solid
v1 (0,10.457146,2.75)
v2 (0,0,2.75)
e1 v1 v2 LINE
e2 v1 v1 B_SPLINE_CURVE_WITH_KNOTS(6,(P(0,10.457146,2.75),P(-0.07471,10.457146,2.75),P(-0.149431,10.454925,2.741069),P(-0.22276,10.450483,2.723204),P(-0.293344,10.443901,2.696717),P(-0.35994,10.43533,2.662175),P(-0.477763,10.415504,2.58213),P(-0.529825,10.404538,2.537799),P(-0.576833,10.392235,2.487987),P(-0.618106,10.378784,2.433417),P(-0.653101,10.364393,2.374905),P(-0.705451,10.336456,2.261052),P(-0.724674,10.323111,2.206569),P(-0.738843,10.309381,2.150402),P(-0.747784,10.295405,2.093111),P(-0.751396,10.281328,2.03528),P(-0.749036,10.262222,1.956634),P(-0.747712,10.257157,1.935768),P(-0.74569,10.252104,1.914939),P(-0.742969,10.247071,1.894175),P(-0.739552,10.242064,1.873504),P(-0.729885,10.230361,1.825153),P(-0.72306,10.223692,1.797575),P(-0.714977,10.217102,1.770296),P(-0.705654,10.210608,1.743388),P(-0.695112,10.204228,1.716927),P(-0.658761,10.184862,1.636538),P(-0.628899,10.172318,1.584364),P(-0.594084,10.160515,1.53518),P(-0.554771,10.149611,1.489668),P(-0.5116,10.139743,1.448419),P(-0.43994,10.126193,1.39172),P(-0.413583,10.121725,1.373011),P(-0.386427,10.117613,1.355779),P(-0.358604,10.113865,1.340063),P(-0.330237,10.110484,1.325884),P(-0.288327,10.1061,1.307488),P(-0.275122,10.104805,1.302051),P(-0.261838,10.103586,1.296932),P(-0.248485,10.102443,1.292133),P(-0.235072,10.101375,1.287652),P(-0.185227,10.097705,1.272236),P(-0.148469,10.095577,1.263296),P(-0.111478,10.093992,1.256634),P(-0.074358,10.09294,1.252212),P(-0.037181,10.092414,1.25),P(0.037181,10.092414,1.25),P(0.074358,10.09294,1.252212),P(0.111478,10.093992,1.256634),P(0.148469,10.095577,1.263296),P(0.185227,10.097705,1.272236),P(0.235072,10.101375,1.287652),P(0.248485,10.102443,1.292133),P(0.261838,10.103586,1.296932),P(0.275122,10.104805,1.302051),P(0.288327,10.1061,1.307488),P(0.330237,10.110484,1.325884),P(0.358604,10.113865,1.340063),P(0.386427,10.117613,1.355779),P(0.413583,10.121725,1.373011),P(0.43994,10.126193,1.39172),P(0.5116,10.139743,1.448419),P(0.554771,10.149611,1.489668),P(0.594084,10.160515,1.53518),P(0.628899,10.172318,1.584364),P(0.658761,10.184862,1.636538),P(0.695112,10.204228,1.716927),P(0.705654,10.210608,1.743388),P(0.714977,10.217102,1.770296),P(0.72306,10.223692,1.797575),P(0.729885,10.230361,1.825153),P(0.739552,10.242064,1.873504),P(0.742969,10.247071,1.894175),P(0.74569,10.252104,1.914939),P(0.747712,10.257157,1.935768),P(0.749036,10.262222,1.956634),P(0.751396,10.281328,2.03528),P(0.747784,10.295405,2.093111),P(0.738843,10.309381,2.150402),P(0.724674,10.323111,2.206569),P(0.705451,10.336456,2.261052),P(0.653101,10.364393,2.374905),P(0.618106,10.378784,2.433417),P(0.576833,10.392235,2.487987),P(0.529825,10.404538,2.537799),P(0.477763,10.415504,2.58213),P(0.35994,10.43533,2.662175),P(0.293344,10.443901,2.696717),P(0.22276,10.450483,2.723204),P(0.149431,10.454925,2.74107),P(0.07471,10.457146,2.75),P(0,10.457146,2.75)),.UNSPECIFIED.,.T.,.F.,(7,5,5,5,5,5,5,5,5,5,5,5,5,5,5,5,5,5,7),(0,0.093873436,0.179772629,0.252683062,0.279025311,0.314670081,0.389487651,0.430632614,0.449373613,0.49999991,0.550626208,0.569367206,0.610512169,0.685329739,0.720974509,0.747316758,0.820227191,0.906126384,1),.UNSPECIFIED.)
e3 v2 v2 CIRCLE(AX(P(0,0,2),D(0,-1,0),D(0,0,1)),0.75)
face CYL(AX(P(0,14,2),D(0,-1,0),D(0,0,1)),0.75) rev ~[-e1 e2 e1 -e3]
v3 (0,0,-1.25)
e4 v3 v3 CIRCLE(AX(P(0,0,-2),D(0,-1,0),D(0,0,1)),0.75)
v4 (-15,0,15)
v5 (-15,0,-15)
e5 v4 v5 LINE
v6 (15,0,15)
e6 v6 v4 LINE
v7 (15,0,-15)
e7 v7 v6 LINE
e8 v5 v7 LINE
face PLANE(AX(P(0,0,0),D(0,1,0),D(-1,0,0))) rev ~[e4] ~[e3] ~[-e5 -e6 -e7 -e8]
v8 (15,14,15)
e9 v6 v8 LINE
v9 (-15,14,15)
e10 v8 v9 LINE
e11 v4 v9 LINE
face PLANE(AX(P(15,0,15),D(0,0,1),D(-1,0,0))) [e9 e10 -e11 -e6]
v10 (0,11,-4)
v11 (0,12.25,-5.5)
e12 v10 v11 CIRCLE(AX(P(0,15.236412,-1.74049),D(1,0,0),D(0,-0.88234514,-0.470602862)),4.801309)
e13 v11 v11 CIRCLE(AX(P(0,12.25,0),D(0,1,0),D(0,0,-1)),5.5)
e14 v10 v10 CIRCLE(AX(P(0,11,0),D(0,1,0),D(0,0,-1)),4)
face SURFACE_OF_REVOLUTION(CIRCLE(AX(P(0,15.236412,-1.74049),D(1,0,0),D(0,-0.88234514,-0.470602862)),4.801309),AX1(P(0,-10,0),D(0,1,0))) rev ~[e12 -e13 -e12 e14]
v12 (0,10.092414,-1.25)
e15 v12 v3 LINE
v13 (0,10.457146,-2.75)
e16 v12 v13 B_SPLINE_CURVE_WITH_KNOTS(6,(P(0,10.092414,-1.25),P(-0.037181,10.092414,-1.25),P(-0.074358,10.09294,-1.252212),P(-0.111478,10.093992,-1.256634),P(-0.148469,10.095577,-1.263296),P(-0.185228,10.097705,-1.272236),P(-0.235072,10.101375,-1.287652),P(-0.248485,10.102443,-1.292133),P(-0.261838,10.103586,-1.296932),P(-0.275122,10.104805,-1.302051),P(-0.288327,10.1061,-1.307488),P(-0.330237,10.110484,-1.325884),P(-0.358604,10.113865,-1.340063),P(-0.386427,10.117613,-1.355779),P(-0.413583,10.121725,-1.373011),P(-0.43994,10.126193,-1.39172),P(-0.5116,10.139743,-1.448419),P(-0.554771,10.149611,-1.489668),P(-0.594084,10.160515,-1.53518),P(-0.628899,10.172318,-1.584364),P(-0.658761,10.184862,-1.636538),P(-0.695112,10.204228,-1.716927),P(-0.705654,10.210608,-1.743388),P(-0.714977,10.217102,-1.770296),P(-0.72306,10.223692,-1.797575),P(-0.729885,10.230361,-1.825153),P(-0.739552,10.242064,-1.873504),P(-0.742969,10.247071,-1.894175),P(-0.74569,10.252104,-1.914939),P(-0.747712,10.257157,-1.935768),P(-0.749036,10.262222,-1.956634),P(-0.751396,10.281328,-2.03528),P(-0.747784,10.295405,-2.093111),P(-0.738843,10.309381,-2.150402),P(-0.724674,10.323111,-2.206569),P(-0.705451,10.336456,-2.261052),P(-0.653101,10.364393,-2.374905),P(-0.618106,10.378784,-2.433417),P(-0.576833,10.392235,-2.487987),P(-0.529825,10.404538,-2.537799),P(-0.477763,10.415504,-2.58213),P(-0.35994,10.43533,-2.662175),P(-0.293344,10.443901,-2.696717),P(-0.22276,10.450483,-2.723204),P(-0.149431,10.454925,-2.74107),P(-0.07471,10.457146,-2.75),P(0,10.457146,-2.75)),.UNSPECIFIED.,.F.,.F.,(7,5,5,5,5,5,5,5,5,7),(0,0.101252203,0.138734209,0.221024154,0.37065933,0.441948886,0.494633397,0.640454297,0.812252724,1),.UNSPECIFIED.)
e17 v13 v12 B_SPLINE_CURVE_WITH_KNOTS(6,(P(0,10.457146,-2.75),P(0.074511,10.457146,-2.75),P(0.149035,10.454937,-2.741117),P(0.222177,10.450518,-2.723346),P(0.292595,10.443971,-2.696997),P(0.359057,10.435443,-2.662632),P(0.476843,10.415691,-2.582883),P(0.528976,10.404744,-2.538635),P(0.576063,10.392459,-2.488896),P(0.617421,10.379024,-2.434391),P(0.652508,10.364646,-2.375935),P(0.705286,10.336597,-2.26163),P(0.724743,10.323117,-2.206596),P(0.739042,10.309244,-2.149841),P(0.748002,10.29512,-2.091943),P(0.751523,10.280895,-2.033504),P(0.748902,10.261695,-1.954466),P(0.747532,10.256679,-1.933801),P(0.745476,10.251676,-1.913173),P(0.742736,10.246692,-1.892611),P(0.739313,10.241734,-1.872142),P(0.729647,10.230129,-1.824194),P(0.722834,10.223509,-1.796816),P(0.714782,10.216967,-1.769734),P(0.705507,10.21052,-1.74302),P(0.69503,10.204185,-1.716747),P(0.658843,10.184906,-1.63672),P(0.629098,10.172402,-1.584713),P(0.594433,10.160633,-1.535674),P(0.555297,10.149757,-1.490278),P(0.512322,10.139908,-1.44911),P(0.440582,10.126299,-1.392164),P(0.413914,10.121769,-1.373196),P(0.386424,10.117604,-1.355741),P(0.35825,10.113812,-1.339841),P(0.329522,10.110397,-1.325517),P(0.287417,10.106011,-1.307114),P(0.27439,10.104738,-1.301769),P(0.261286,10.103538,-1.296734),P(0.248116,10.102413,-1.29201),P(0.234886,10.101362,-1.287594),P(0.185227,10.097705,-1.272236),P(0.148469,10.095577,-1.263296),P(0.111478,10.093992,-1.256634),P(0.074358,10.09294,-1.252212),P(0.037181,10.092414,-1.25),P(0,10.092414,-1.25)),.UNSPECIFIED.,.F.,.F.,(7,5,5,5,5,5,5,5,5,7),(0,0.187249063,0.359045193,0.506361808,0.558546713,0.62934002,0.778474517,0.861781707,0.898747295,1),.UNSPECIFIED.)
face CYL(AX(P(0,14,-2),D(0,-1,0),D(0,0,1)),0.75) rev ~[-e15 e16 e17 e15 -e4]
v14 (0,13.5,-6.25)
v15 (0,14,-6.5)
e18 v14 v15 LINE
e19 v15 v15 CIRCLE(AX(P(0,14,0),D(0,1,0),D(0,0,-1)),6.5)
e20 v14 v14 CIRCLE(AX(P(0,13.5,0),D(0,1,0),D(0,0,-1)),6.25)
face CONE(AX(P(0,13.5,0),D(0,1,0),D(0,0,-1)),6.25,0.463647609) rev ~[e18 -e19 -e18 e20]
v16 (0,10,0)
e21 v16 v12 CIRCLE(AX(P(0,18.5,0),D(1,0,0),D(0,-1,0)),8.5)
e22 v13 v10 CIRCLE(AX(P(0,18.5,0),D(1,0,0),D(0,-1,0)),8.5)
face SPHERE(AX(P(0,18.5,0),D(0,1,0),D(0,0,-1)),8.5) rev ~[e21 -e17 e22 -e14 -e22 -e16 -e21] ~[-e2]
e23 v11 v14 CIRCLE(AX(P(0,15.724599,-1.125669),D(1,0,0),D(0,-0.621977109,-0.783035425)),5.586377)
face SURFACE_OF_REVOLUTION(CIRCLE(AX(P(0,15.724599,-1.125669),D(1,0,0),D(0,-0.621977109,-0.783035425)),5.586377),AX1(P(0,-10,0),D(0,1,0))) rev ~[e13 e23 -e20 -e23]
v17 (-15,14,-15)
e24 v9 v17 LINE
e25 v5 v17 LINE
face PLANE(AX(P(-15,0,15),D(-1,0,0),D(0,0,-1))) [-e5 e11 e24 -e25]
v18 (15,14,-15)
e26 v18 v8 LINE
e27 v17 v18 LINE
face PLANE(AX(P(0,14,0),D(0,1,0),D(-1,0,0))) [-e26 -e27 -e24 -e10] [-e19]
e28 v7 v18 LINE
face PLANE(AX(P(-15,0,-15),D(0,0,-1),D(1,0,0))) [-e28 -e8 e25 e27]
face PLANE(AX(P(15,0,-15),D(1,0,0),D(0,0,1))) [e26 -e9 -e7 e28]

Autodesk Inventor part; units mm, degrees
ref_plane "XZ Plane" through (0, 0, 0) normal (0, 1, 0) x (-1, 0, 0)
ref_plane "XY Plane" through (0, 0, 0) normal (0, 0, 1) x (1, 0, 0)
sketch "Sketch1" plane through (0, 0, 0) normal (0, 1, 0) x (-1, 0, 0)
  line L0 (-15, 15) -> (15, 15)
  line L1 (15, 15) -> (15, -15)
  line L2 (15, -15) -> (-15, -15)
  line L3 (-15, -15) -> (-15, 15)
  line L4 (-15, 15) -> (15, -15) construction
  line L5 (15, 15) -> (-15, -15) construction
  point P0 (0, 0)
  dimension "d0" = 30
  dimension "d1" = 30
extrude "Extrusion1" add sketch "Sketch1" along normal blind 14
sketch "Sketch2" plane through (0, 14, 0) normal (0, 1, 0) x (1, 0, 0)
  point P0 (0, 0)
  point P1 (0, 0)
sketch "Sketch3" plane through (0, 0, 0) normal (1, 0, 0) x (0, 1, 0)
  line L0 (14, -15) -> (14, 15) construction
  line L1 (14, 0) -> (14, -6.5) construction
  line L2 (14, 0) -> (14, -6.5)
  line L3 (14, 0) -> (10, 0) construction
  line L4 (14, 0) -> (11, 0) construction
  line L5 (11, 0) -> (11, -4) construction
  line L6 (11, 0) -> (12.25, 0) construction
  line L7 (12.25, 0) -> (12.25, -5.5) construction
  line L8 (10, 0) -> (10, 1) construction
  line L9 (14, 0) -> (13.5, 0) construction
  line L10 (13.5, 0) -> (13.5, -6.25) construction
  arc A0 (10, 0) -> (11, -4) centre (18.5, 0) ccw
  arc A1 (11, -4) -> (12.25, -5.5) centre (15.2361, -1.7407) ccw
  arc A2 (12.25, -5.5) -> (13.5, -6.25) centre (15.7243, -1.1261) ccw
  line L11 (13.5, -6.25) -> (14, -6.5)
  line L12 (14, 0) -> (10, 0)
  line L13 (-3.7, 0) -> (22.2, 0) projected
  point P0 (0, 0)
  dimension "d4" = 6.5
  dimension "d5" = 4
  dimension "d6" = 3
  dimension "d7" = 4
  dimension "d8" = 1.25
  dimension "d9" = 5.5
  dimension "d10" = 1
  dimension "d11" = 0.5
  dimension "d12" = 6.25
revolve "Revolution1" cut sketch "Sketch3" angle 360 about axis through (0, -10, 0) along (0, 1, 0)
sketch "Sketch4" plane through (0, 14, 0) normal (0, 1, 0) x (1, 0, 0)
  line L0 (0, 0) -> (0, 2) construction
  line L1 (0, 2) -> (0, -2) construction
  dimension "d14" = 2
  dimension "d15" = 4
hole "Hole1" at (0, 14, 2) at (0, 14, -2) direction (0, -1, 0) diameter 1.5 depth 100 tip angle 118
properties part number "ProxFinger_Mold"
